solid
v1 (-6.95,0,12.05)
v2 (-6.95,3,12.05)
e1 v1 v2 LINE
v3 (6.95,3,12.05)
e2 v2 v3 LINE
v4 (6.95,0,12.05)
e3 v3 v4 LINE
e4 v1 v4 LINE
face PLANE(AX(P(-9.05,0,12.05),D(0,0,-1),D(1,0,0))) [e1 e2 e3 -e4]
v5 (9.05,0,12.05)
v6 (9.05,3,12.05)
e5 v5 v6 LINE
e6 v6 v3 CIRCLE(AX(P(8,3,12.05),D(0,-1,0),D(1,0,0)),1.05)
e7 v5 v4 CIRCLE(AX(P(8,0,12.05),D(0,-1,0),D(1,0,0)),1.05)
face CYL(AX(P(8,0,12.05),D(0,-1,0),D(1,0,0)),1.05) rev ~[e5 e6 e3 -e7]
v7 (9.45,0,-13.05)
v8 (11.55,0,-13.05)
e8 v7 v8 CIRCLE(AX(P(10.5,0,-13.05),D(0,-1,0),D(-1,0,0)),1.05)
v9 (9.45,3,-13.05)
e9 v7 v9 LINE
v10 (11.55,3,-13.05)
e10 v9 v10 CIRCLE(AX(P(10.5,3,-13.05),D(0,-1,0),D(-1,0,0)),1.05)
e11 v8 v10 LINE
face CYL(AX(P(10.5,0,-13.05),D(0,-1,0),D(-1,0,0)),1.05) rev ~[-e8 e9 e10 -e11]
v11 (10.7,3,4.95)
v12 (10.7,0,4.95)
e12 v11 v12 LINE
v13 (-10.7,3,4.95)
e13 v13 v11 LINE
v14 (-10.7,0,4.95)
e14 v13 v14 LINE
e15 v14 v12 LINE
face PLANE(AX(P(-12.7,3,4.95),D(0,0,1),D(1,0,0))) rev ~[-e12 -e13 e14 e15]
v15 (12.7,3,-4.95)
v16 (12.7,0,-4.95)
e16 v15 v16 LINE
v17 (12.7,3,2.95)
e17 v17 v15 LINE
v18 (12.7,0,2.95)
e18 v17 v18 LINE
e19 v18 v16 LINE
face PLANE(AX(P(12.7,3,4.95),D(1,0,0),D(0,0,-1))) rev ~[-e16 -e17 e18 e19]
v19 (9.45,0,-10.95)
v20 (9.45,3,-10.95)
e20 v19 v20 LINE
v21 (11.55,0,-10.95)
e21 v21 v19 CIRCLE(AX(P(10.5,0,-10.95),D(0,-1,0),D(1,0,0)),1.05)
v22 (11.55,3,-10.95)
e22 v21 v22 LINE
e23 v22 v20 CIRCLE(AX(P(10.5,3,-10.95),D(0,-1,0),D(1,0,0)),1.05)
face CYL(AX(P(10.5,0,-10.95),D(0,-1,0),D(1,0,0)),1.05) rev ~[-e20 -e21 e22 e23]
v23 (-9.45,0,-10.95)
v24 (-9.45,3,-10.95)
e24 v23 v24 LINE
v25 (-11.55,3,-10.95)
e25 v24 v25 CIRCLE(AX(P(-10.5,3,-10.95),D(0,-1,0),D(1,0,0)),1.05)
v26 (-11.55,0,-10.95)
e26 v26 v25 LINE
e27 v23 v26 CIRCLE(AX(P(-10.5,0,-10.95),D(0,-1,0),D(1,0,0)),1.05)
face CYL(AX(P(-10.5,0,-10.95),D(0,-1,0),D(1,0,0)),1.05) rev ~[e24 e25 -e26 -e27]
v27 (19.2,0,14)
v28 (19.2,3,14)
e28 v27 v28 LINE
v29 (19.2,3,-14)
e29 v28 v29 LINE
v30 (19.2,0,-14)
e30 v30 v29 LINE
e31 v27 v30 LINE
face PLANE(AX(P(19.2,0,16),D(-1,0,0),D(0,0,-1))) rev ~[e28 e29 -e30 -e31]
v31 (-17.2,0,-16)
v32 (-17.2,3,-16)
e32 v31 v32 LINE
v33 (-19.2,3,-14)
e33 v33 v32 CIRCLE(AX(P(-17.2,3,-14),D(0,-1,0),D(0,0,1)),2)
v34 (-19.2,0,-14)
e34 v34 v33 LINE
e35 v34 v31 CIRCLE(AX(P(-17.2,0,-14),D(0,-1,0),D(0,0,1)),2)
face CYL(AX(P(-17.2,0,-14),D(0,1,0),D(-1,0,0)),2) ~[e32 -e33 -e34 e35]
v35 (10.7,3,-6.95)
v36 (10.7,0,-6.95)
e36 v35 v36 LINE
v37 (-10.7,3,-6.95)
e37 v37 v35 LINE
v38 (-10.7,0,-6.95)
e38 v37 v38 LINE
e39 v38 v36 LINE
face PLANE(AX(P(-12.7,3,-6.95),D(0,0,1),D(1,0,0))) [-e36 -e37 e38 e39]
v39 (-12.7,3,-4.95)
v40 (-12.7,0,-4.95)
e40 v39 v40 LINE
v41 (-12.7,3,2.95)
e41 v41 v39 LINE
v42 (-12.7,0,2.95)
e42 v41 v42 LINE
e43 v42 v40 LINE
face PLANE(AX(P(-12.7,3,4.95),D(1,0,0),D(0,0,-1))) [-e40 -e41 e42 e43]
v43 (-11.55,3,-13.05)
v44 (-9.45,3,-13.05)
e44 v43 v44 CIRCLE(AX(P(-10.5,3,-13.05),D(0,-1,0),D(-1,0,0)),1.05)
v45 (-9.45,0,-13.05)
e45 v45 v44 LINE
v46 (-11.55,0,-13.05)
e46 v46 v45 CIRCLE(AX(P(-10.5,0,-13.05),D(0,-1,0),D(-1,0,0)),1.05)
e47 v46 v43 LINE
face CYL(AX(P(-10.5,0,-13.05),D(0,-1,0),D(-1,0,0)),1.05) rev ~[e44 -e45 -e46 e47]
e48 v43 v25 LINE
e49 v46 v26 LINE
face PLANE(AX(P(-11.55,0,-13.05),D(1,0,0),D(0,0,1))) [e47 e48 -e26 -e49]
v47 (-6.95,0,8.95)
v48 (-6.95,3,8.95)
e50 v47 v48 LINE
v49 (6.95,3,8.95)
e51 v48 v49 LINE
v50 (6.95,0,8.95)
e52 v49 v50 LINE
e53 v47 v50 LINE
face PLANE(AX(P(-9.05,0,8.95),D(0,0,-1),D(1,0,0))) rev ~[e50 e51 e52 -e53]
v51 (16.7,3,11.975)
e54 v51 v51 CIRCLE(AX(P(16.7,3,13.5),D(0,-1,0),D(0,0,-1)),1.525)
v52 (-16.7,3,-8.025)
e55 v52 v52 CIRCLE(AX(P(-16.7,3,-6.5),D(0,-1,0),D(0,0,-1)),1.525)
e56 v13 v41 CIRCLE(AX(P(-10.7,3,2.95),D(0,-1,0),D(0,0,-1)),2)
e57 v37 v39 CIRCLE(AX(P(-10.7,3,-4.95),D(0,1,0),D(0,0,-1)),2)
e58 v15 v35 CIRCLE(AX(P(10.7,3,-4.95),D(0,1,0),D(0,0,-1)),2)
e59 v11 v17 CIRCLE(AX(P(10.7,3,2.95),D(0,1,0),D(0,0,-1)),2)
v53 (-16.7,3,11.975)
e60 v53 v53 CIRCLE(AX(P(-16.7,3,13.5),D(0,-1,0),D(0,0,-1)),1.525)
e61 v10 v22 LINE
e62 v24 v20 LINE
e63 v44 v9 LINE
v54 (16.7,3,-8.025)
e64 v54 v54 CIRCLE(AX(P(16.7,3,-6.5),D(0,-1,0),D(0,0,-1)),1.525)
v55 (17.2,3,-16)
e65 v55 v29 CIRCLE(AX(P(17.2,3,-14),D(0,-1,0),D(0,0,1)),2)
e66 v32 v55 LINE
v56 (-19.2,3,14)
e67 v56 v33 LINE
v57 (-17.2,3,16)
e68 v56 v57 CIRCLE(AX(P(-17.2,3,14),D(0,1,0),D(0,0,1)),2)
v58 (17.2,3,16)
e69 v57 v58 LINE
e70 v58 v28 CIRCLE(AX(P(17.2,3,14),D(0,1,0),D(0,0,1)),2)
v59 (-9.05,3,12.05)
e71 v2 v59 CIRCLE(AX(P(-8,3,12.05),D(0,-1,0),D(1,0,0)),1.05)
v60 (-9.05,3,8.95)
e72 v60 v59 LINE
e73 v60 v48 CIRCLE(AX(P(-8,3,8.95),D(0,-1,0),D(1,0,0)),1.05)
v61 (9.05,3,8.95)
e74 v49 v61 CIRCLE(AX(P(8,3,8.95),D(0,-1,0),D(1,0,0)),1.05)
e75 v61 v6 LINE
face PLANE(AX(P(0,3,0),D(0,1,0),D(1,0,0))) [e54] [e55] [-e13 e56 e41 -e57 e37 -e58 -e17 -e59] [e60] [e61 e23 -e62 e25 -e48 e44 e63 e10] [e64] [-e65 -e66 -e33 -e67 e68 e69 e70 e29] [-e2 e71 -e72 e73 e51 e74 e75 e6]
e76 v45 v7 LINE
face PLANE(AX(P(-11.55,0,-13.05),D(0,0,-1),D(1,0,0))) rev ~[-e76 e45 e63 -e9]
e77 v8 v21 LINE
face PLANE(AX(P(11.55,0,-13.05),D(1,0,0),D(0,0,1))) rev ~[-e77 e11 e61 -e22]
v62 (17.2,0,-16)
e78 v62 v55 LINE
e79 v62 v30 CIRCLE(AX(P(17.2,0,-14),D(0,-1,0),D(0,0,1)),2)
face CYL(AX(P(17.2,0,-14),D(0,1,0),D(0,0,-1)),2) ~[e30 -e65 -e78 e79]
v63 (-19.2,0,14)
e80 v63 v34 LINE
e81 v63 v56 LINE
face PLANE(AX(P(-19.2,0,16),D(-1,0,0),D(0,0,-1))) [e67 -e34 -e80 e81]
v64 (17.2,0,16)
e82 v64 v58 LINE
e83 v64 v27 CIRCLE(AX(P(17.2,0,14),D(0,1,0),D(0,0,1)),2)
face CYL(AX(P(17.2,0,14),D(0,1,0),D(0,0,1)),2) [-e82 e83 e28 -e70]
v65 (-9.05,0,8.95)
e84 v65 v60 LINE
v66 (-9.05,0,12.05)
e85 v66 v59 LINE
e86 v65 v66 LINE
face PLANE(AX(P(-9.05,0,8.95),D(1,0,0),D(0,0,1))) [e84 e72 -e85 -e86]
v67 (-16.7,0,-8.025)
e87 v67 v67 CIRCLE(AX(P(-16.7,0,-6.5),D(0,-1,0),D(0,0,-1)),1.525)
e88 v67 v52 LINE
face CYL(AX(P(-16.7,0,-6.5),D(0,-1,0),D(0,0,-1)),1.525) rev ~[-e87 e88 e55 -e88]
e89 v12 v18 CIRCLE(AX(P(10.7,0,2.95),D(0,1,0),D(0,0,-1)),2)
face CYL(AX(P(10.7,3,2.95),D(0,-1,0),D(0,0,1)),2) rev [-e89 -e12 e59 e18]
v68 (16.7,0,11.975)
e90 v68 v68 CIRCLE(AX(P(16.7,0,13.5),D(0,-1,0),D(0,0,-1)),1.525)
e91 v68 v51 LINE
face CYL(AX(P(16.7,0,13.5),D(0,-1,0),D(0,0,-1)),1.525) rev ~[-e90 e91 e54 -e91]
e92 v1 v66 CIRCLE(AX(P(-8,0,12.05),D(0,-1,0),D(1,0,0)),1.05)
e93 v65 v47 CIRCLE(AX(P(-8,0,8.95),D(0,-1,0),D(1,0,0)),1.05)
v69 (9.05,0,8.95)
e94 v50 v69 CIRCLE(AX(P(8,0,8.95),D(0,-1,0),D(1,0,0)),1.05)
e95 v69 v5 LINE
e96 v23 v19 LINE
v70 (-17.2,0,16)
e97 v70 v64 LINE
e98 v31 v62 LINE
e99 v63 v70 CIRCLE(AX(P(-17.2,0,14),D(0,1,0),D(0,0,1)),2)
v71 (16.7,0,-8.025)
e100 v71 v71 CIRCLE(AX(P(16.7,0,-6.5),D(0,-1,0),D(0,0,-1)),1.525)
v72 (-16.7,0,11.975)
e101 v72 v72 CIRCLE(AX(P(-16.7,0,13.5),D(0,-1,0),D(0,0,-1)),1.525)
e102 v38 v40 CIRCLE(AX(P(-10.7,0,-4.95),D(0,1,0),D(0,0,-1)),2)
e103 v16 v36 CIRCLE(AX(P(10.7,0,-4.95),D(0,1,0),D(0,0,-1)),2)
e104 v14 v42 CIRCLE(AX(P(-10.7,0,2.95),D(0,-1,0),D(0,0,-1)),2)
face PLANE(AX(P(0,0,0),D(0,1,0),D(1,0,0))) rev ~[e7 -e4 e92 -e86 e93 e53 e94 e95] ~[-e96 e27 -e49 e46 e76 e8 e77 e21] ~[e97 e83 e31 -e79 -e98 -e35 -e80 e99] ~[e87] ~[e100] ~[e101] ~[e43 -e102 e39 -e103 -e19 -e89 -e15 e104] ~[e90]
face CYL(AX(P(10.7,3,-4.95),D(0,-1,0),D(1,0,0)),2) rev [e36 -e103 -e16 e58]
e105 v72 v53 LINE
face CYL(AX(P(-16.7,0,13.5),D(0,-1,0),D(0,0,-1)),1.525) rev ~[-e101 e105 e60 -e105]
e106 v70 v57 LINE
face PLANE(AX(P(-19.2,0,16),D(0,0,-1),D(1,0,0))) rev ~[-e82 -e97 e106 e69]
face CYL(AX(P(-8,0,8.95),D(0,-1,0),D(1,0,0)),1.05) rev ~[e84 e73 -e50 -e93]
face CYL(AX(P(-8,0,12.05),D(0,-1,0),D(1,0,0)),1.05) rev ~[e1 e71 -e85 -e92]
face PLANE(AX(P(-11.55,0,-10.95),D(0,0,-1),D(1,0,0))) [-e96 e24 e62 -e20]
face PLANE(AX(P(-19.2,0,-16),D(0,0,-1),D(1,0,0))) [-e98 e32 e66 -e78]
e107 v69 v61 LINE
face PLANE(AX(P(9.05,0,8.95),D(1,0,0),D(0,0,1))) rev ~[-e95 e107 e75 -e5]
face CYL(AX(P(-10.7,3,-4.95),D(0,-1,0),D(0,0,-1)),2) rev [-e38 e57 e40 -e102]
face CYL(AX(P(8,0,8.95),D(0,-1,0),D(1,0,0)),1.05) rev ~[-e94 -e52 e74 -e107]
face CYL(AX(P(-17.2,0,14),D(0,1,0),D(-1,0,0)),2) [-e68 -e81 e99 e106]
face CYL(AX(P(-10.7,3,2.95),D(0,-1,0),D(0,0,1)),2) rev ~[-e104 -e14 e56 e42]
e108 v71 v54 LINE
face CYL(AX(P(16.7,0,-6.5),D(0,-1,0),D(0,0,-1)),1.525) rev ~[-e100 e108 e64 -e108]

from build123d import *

# Parameters (mm, degrees)
SKETCH_1_W          = 38.4
SKETCH_1_H          = 32
EXTRUDE_1_DEPTH     = 3
SKETCH_2_R          = 1.525
CUT_EXTRUDE_1_DEPTH = 3
SKETCH_3_W          = 23.1
SKETCH_3_H          = 2.1
CUT_EXTRUDE_2_DEPTH = 3
CUT_EXTRUDE_3_DEPTH = 3
SKETCH_5_W          = 18.1
SKETCH_5_H          = 3.1
CUT_EXTRUDE_4_DEPTH = 3
SKETCH_6_R          = 1.05
CUT_EXTRUDE_5_DEPTH = 3
SKETCH_7_W          = 25.4
SKETCH_7_H          = 11.9
CUT_EXTRUDE_6_DEPTH = 3
FILLET_1_R          = 2
FILLET_2_R          = 2


with BuildPart() as part:
    # 草图1 → 凸台-拉伸1 (new body)
    with BuildSketch(Plane(origin=(0, 0, 0), x_dir=(1, 0, 0), z_dir=(0, 1, 0))):
        Rectangle(SKETCH_1_W, SKETCH_1_H)
    extrude(amount=EXTRUDE_1_DEPTH)

    # 草图2 → 切除-拉伸1 (cut)
    with BuildSketch(Plane.XZ):
        with Locations(Location((-16.7, 13.5, 0), (0, 0, 270))):
            Circle(SKETCH_2_R)
        with Locations(Location((16.7, 13.5, 0), (0, 0, 270))):
            Circle(SKETCH_2_R)
        with Locations(Location((-16.7, -6.5, 0), (0, 0, 270))):
            Circle(SKETCH_2_R)
        with Locations(Location((16.7, -6.5, 0), (0, 0, 270))):
            Circle(SKETCH_2_R)
    extrude(amount=-CUT_EXTRUDE_1_DEPTH, mode=Mode.SUBTRACT)

    # 草图3 → 切除-拉伸2 (cut)
    with BuildSketch(Plane.XZ):
        with Locations((0, -12)):
            Rectangle(SKETCH_3_W, SKETCH_3_H)
    extrude(amount=-CUT_EXTRUDE_2_DEPTH, mode=Mode.SUBTRACT)

    # 草图4 → 切除-拉伸3 (cut)
    with BuildSketch(Plane.XZ):
        with BuildLine():
            ThreePointArc((-9.45, -13.05), (-9.75753788, -12.30753788), (-10.5, -12))
            ThreePointArc((-10.5, -12), (-11.24246212, -12.30753788), (-11.55, -13.05))
            Line((-11.55, -13.05), (-9.45, -13.05))
        make_face()
        with BuildLine():
            ThreePointArc((-11.55, -13.05), (-10.5, -14.1), (-9.45, -13.05))
            Line((-9.45, -13.05), (-11.55, -13.05))
        make_face()
        with BuildLine():
            Line((-11.55, -10.95), (-9.45, -10.95))
            ThreePointArc((-9.45, -10.95), (-10.5, -9.9), (-11.55, -10.95))
        make_face()
        with BuildLine():
            ThreePointArc((-10.5, -12), (-9.75753788, -11.69246212), (-9.45, -10.95))
            Line((-9.45, -10.95), (-11.55, -10.95))
            ThreePointArc((-11.55, -10.95), (-11.24246212, -11.69246212), (-10.5, -12))
        make_face()
        with BuildLine():
            Line((9.45, -10.95), (11.55, -10.95))
            ThreePointArc((11.55, -10.95), (10.5, -9.9), (9.45, -10.95))
        make_face()
        with BuildLine():
            ThreePointArc((10.5, -12), (11.24246212, -11.69246212), (11.55, -10.95))
            Line((11.55, -10.95), (9.45, -10.95))
            ThreePointArc((9.45, -10.95), (9.75753788, -11.69246212), (10.5, -12))
        make_face()
        with BuildLine():
            ThreePointArc((11.55, -13.05), (11.24246212, -12.30753788), (10.5, -12))
            ThreePointArc((10.5, -12), (9.75753788, -12.30753788), (9.45, -13.05))
            Line((9.45, -13.05), (11.55, -13.05))
        make_face()
        with BuildLine():
            ThreePointArc((9.45, -13.05), (10.5, -14.1), (11.55, -13.05))
            Line((11.55, -13.05), (9.45, -13.05))
        make_face()
    extrude(amount=-CUT_EXTRUDE_3_DEPTH, mode=Mode.SUBTRACT)

    # 草图5 → 切除-拉伸4 (cut)
    with BuildSketch(Plane.XZ):
        with Locations((0, 10.5)):
            Rectangle(SKETCH_5_W, SKETCH_5_H)
    extrude(amount=-CUT_EXTRUDE_4_DEPTH, mode=Mode.SUBTRACT)

    # 草图6 → 切除-拉伸5 (cut)
    with BuildSketch(Plane.XZ):
        with Locations((-8, 8.95)):
            Circle(SKETCH_6_R)
        with Locations((-8, 12.05)):
            Circle(SKETCH_6_R)
        with Locations((8, 12.05)):
            Circle(SKETCH_6_R)
        with Locations((8, 8.95)):
            Circle(SKETCH_6_R)
    extrude(amount=-CUT_EXTRUDE_5_DEPTH, mode=Mode.SUBTRACT)

    # 草图7 → 切除-拉伸6 (cut)
    with BuildSketch(Plane(origin=(0, 3, 0), x_dir=(1, 0, 0), z_dir=(0, 1, 0))):
        with Locations((0, 1)):
            Rectangle(SKETCH_7_W, SKETCH_7_H)
    extrude(amount=-CUT_EXTRUDE_6_DEPTH, mode=Mode.SUBTRACT)

    # 圆角1
    fillet_1_edges = [part.edges().sort_by_distance(p)[0] for p in [
        (-12.7, 1.5, -6.95),
        (-12.7, 1.5, 4.95),
        (12.7, 1.5, 4.95),
        (12.7, 1.5, -6.95),
    ]]
    fillet(fillet_1_edges, radius=FILLET_1_R)

    # 圆角2
    fillet_2_edges = [part.edges().sort_by_distance(p)[0] for p in [
        (19.2, 1.5, 16),
        (-19.2, 1.5, 16),
        (-19.2, 1.5, -16),
        (19.2, 1.5, -16),
    ]]
    fillet(fillet_2_edges, radius=FILLET_2_R)


solid = part.part
